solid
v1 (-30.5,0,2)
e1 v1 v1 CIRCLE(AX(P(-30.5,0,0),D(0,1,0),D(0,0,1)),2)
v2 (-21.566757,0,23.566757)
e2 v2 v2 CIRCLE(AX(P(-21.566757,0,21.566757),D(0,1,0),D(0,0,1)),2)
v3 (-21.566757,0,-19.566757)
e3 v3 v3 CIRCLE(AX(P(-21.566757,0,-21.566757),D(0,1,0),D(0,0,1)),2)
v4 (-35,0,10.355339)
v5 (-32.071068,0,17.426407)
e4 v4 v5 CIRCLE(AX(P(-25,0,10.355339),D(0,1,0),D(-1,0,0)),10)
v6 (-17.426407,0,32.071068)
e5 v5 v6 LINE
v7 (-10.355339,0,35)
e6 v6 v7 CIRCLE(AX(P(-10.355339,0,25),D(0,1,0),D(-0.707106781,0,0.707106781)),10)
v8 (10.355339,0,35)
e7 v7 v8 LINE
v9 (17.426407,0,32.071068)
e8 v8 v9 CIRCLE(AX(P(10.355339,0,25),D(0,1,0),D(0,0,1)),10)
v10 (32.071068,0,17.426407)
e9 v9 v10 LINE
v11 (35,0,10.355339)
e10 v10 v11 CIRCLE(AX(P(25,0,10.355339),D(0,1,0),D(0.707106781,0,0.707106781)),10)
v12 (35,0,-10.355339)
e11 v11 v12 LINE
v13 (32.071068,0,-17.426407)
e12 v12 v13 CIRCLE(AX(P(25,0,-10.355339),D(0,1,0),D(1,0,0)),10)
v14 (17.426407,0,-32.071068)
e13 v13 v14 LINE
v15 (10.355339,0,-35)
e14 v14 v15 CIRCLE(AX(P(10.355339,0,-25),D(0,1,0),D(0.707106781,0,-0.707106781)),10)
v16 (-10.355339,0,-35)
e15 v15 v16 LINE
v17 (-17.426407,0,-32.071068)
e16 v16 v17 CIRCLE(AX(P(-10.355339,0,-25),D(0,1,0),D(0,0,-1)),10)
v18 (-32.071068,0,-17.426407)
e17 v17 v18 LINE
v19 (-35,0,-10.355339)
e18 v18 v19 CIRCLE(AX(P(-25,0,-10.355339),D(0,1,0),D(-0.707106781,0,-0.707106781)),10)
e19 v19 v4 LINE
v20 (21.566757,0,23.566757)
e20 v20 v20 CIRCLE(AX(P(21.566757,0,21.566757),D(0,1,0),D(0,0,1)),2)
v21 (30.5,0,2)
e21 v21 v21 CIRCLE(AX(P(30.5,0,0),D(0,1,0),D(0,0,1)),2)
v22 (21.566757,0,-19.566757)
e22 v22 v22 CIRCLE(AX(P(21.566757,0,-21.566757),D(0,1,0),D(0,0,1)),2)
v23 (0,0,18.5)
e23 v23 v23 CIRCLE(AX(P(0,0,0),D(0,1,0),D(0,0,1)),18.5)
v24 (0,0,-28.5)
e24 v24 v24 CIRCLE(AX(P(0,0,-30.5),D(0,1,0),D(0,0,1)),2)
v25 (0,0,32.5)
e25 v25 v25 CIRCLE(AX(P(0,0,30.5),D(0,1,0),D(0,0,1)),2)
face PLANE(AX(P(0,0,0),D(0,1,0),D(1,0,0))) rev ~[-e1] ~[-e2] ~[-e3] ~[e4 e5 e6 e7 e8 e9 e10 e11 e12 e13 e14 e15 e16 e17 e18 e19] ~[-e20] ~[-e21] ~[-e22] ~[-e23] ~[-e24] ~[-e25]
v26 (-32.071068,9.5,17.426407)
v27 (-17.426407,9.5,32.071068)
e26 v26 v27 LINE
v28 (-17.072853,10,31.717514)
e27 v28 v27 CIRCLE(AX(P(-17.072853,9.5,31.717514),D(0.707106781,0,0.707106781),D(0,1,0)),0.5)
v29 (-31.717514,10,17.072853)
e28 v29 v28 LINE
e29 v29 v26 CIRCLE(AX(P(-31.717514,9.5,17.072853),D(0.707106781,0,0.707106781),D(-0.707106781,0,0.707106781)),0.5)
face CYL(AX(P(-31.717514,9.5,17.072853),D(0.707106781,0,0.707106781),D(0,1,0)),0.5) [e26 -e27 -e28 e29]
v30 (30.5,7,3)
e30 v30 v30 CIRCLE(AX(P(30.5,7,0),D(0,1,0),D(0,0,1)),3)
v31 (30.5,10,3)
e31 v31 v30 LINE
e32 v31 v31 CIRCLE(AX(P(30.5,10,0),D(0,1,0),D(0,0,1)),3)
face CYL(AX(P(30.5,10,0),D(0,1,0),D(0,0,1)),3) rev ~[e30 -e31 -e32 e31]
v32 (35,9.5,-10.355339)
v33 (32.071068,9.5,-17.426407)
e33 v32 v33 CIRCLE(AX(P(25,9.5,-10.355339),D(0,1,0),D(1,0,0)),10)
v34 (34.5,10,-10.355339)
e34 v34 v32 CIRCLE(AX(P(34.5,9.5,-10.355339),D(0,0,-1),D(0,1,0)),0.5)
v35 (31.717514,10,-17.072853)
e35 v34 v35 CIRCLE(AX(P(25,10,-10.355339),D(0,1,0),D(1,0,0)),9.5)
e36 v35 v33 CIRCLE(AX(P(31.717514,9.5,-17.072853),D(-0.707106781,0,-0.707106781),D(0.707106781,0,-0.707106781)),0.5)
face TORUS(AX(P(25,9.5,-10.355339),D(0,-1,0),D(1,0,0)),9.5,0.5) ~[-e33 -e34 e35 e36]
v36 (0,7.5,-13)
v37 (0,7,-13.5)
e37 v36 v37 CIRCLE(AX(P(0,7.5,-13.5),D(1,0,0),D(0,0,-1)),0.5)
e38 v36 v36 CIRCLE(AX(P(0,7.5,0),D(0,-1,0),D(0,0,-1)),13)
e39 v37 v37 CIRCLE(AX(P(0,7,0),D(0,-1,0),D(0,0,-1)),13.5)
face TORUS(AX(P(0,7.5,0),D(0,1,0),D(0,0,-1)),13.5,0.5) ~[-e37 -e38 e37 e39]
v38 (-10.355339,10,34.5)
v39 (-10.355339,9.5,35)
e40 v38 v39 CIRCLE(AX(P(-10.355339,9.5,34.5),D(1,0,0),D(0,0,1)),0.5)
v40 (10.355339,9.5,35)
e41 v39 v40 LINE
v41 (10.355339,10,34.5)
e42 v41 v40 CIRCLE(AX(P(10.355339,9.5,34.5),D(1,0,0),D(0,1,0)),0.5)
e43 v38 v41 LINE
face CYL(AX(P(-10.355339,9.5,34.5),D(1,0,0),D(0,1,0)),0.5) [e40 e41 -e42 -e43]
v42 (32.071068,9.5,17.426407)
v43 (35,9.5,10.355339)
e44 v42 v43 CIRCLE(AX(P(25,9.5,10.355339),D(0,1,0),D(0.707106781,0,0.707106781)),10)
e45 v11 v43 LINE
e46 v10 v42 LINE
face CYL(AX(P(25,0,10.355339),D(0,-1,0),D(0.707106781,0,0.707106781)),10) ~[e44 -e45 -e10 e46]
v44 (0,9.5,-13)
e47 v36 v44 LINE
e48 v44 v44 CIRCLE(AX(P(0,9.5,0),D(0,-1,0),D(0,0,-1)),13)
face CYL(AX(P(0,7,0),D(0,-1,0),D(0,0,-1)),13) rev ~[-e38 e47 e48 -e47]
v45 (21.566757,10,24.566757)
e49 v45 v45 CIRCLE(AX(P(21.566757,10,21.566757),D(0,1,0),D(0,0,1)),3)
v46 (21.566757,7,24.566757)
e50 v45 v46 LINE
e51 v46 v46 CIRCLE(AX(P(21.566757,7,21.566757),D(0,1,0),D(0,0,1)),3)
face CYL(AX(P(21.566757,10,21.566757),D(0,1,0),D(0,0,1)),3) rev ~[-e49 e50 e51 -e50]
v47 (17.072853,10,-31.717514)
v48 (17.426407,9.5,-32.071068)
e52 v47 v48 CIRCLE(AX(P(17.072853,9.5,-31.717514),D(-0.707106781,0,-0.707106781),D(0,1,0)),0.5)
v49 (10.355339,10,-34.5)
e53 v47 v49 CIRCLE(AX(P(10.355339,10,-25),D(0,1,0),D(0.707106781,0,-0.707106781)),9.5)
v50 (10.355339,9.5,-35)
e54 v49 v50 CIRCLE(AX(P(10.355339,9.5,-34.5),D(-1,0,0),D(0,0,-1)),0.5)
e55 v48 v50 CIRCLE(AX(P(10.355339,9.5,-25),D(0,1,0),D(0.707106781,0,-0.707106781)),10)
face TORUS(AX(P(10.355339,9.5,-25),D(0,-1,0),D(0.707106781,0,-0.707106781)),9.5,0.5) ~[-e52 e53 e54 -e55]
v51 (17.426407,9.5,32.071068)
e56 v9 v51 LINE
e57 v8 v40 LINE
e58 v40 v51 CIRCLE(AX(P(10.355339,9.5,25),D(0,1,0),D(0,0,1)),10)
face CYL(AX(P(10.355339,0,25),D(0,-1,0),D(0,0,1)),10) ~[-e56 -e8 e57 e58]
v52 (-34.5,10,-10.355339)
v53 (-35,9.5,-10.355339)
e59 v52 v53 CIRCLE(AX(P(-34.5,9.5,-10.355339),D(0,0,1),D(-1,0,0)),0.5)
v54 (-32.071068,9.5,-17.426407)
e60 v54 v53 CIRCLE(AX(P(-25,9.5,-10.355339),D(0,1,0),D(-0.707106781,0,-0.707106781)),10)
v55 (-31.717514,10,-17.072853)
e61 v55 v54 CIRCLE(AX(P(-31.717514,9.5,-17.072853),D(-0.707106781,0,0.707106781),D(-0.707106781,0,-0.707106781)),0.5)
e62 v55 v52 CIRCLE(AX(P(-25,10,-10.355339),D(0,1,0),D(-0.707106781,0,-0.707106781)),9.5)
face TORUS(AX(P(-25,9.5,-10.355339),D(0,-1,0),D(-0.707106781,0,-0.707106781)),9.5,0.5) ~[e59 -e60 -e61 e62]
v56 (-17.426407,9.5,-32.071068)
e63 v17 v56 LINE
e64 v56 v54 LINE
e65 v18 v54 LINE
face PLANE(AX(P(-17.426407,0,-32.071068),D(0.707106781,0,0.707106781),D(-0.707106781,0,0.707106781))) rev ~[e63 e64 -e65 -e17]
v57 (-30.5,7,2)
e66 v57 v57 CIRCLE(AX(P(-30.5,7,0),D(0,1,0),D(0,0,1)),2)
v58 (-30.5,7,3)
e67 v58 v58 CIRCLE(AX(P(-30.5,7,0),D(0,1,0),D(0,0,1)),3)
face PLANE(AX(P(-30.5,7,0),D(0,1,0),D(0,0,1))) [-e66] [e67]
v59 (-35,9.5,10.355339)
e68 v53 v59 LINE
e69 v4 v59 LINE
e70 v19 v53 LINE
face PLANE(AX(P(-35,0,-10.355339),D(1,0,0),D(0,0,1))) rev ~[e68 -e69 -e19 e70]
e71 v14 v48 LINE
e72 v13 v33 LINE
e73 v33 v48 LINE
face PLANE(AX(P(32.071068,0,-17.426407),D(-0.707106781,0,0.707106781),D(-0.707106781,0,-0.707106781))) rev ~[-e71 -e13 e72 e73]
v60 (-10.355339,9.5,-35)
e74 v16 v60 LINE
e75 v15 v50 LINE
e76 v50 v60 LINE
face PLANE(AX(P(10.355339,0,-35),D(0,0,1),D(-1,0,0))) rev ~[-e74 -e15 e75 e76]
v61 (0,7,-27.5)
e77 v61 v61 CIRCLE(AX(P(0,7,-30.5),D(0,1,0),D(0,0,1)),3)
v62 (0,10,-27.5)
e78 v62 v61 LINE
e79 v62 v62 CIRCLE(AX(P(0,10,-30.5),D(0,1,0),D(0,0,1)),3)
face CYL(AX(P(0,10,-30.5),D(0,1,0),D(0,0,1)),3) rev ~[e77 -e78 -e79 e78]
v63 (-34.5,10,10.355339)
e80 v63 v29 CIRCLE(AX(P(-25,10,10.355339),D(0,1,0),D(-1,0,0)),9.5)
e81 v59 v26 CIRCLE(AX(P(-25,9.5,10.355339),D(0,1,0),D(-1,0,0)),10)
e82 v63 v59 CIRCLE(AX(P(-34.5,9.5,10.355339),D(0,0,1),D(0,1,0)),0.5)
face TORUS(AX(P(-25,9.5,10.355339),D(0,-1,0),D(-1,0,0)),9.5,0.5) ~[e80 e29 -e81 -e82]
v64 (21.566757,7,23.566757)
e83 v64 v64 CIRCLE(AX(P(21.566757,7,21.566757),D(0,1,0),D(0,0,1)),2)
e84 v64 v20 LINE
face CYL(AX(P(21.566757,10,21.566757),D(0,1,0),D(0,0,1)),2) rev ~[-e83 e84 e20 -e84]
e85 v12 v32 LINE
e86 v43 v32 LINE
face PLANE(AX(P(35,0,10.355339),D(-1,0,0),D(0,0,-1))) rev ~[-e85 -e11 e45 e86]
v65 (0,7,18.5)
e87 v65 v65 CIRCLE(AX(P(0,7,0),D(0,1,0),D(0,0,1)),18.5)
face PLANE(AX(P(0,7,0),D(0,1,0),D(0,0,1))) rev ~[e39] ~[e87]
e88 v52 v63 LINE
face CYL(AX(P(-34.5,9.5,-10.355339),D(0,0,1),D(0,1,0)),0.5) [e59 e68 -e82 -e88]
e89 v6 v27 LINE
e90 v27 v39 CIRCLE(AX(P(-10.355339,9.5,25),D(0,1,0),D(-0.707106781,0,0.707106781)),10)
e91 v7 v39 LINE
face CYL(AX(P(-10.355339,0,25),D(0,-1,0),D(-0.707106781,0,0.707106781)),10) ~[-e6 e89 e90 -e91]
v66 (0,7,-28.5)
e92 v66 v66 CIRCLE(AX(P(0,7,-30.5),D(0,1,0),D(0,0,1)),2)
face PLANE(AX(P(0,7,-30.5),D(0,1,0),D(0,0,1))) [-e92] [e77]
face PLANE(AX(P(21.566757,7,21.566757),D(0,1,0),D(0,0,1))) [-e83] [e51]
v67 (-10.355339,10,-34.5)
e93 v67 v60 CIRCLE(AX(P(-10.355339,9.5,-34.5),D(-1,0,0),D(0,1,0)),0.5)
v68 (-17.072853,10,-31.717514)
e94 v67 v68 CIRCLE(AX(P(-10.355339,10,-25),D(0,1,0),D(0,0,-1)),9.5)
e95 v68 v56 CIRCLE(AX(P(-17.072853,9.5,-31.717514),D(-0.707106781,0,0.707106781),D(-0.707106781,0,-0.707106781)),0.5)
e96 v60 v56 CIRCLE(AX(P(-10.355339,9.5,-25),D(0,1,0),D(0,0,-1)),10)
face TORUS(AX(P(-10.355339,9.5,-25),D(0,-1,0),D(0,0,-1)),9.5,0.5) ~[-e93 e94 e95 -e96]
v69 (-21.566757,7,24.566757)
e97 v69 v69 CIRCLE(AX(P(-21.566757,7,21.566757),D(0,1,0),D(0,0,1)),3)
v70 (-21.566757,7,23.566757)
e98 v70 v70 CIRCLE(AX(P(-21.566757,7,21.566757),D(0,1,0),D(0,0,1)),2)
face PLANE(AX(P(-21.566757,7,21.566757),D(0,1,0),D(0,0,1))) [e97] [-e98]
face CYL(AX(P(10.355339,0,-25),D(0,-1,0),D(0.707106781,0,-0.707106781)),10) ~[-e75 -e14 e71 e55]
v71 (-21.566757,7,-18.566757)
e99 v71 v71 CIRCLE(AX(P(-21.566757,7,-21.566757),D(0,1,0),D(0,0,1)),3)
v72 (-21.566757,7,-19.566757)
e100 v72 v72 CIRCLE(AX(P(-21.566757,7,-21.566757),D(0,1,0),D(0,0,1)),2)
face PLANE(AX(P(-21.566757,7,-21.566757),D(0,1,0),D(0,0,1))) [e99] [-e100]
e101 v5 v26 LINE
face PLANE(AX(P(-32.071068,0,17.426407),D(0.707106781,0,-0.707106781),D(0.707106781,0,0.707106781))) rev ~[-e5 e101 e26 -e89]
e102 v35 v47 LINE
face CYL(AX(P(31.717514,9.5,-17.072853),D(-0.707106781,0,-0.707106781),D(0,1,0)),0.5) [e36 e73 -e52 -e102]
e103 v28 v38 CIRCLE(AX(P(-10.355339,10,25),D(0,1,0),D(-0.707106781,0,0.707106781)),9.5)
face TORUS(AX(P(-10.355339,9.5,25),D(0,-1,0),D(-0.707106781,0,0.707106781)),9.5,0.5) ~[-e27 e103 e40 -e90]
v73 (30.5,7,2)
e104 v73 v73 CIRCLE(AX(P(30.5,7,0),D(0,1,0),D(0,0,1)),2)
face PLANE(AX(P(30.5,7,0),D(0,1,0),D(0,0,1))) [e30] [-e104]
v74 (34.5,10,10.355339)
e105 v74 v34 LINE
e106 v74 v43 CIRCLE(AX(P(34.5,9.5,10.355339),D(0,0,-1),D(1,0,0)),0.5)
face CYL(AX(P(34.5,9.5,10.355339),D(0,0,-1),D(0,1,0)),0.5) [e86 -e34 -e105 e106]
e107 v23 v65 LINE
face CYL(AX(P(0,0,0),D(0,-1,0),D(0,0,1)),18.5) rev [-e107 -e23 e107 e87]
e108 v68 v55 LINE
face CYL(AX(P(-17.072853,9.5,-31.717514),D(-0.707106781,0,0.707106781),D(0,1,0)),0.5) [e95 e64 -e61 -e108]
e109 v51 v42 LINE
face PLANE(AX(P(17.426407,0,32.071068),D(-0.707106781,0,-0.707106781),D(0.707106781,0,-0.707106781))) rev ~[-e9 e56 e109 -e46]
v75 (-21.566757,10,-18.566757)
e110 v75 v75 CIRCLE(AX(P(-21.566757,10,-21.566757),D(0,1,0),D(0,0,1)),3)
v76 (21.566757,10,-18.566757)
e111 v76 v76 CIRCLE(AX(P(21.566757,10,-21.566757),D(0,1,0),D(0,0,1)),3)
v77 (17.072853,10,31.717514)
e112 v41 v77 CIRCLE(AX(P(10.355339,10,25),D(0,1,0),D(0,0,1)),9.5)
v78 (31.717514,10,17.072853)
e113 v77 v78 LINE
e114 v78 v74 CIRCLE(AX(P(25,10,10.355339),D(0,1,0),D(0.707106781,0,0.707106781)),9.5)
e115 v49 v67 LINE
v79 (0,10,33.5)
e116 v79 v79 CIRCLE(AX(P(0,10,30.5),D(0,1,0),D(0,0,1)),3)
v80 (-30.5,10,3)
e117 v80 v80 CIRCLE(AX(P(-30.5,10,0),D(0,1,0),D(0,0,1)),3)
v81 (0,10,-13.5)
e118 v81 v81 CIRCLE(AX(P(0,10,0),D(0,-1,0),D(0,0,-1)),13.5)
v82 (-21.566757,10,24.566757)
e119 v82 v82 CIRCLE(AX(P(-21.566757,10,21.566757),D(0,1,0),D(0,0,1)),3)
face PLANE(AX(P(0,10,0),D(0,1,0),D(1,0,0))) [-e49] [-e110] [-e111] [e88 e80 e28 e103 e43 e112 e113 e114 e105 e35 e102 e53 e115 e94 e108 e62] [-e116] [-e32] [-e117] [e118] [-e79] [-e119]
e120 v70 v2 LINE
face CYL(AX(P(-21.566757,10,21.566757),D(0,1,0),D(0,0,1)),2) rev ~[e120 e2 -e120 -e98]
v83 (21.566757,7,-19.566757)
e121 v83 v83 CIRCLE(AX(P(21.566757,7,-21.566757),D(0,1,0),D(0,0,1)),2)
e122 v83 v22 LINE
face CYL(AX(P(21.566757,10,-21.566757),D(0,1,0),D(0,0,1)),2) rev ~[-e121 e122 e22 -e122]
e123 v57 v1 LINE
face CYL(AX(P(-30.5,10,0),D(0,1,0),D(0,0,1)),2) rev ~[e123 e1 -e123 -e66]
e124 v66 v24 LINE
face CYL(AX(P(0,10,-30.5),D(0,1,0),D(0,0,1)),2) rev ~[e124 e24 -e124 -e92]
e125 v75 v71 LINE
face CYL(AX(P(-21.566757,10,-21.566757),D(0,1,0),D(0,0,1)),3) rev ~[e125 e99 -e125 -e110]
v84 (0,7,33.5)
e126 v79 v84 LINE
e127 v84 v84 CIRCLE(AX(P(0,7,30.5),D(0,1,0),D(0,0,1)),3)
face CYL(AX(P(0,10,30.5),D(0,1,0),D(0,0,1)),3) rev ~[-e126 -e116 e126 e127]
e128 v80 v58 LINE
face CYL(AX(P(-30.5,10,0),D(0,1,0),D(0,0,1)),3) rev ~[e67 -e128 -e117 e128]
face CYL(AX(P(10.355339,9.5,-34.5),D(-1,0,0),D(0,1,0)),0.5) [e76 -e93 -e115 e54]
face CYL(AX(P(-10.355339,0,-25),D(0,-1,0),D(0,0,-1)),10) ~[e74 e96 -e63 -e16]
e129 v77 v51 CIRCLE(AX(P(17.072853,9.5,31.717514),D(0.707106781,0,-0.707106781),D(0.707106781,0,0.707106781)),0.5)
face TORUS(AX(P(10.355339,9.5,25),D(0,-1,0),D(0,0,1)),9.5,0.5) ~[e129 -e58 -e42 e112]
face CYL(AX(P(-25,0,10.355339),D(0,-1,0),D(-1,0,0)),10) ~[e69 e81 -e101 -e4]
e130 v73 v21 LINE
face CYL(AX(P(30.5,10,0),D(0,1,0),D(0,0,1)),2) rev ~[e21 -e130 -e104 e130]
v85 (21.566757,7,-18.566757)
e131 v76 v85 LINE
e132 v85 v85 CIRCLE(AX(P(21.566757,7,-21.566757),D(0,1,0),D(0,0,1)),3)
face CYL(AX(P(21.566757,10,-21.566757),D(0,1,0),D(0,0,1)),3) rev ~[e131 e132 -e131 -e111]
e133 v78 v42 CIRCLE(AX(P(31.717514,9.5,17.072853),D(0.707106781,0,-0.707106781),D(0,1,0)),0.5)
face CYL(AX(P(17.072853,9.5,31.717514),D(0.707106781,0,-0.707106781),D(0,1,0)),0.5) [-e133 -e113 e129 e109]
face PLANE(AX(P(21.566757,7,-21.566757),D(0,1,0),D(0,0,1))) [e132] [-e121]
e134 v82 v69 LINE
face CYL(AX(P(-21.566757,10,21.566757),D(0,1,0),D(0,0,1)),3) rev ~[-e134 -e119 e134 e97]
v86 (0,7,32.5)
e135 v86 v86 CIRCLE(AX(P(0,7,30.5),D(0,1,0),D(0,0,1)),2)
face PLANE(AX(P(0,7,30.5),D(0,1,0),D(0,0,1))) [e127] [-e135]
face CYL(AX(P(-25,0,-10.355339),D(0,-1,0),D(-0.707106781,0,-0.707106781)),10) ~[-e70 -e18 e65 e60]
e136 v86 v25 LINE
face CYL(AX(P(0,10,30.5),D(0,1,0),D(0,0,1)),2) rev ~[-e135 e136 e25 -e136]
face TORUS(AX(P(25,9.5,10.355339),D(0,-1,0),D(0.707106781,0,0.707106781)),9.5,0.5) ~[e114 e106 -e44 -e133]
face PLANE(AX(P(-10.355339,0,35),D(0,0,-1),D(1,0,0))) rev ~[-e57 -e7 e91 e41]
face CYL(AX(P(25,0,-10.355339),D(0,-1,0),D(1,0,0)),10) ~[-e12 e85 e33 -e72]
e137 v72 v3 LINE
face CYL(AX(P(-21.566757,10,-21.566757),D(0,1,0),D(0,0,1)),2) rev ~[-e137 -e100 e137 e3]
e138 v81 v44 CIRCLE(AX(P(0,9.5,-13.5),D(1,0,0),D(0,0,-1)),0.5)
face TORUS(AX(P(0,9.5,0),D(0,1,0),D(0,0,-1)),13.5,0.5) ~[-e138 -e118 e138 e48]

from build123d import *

# Parameters (mm, degrees)
SKETCH1_R           = 32
BOSS_EXTRUDE1_DEPTH = 10
CUT_EXTRUDE1_START  = -10
SKETCH2_R           = 18.5
CUT_EXTRUDE1_DEPTH  = 7
SKETCH3_R           = 13
CUT_EXTRUDE2_DEPTH  = 46.793012567
FILLET2_R           = 0.5
SKETCH6_R           = 32
BOSS_EXTRUDE2_DEPTH = 10
SKETCH7_R           = 2
CUT_EXTRUDE5_DEPTH  = 51.497524692
FILLET3_R           = 0.5
SKETCH8_R           = 3
CUT_EXTRUDE6_DEPTH  = 3
SKETCH5_R           = 2
CUT_EXTRUDE7_DEPTH  = 51.49752483
SKETCH9_R           = 3
CUT_EXTRUDE8_DEPTH  = 3


with BuildPart() as part:
    # Sketch1 → Boss-Extrude1 (new body)
    with BuildSketch(Plane(origin=(0, 0, 0), x_dir=(1, 0, 0), z_dir=(0, 1, 0))):
        with Locations(Location((0, 0, 0), (0, 0, 270))):
            Circle(SKETCH1_R)
    extrude(amount=BOSS_EXTRUDE1_DEPTH)

    # Sketch2 → Cut-Extrude1 (cut)
    with BuildSketch(Plane(origin=(0, 10, 0), x_dir=(1, 0, 0), z_dir=(0, 1, 0)).offset(CUT_EXTRUDE1_START)):
        with Locations(Location((0, 0, 0), (0, 0, 270))):
            Circle(SKETCH2_R)
    extrude(amount=CUT_EXTRUDE1_DEPTH, mode=Mode.SUBTRACT)

    # Sketch3 → Cut-Extrude2 (cut, through all)
    with BuildSketch(Plane(origin=(0, 7, 0), x_dir=(-1, 0, 0), z_dir=(0, -1, 0))):
        with Locations(Location((0, 0, 0), (0, 0, 90))):
            Circle(SKETCH3_R)
    extrude(amount=-CUT_EXTRUDE2_DEPTH, mode=Mode.SUBTRACT)

    # Fillet2
    fillet2_edges = [part.edges().sort_by_distance(p)[0] for p in [
        (0, 10, 13),
        (0, 7, 13),
    ]]
    fillet(fillet2_edges, radius=FILLET2_R)

    # Sketch6 → Boss-Extrude2 (add)
    with BuildSketch(Plane(origin=(0, 0, 0), x_dir=(1, 0, 0), z_dir=(0, 1, 0))):
        with BuildLine():
            Line((10.355339059, 35), (-10.355339059, 35))
            ThreePointArc((-10.355339059, 35), (-14.182173383, 34.238795325), (-17.426406871, 32.071067812))
            Line((-17.426406871, 32.071067812), (-32.071067812, 17.426406871))
            ThreePointArc((-32.071067812, 17.426406871), (-34.238795325, 14.182173383), (-35, 10.355339059))
            Line((-35, 10.355339059), (-35, -10.355339059))
            ThreePointArc((-35, -10.355339059), (-34.238795325, -14.182173383), (-32.071067812, -17.426406871))
            Line((-32.071067812, -17.426406871), (-17.426406871, -32.071067812))
            ThreePointArc((-17.426406871, -32.071067812), (-14.182173383, -34.238795325), (-10.355339059, -35))
            Line((-10.355339059, -35), (10.355339059, -35))
            ThreePointArc((10.355339059, -35), (14.182173383, -34.238795325), (17.426406871, -32.071067812))
            Line((17.426406871, -32.071067812), (32.071067812, -17.426406871))
            ThreePointArc((32.071067812, -17.426406871), (34.238795325, -14.182173383), (35, -10.355339059))
            Line((35, -10.355339059), (35, 10.355339059))
            ThreePointArc((35, 10.355339059), (34.238795325, 14.182173383), (32.071067812, 17.426406871))
            Line((32.071067812, 17.426406871), (17.426406871, 32.071067812))
            ThreePointArc((17.426406871, 32.071067812), (14.182173383, 34.238795325), (10.355339059, 35))
        make_face()
        Circle(SKETCH6_R, mode=Mode.SUBTRACT)
    extrude(amount=BOSS_EXTRUDE2_DEPTH)

    # Sketch7 → Cut-Extrude5 (cut, through all)
    with BuildSketch(Plane(origin=(0, 10, 0), x_dir=(1, 0, 0), z_dir=(0, 1, 0))):
        with Locations(Location((-21.566756826, 21.566756826, 0), (0, 0, 270))):
            Circle(SKETCH7_R)
        with Locations(Location((21.566756826, 21.566756826, 0), (0, 0, 270))):
            Circle(SKETCH7_R)
        with Locations(Location((21.566756826, -21.566756826, 0), (0, 0, 270))):
            Circle(SKETCH7_R)
        with Locations(Location((-21.566756826, -21.566756826, 0), (0, 0, 270))):
            Circle(SKETCH7_R)
    extrude(amount=-CUT_EXTRUDE5_DEPTH, mode=Mode.SUBTRACT)

    # Fillet3
    fillet3_edges = [part.edges().sort_by_distance(p)[0] for p in [
        (-34.238795325, 10, -14.182173383),
        (-35, 10, 0),
        (-34.238795325, 10, 14.182173383),
        (-24.748737342, 10, 24.748737342),
        (-14.182173383, 10, 34.238795325),
        (0, 10, 35),
        (14.182173383, 10, 34.238795325),
        (24.748737342, 10, 24.748737342),
        (34.238795325, 10, 14.182173383),
        (35, 10, 0),
        (34.238795325, 10, -14.182173383),
        (24.748737342, 10, -24.748737342),
        (14.182173383, 10, -34.238795325),
        (0, 10, -35),
        (-14.182173383, 10, -34.238795325),
        (-24.748737342, 10, -24.748737342),
    ]]
    fillet(fillet3_edges, radius=FILLET3_R)

    # Sketch8 → Cut-Extrude6 (cut)
    with BuildSketch(Plane(origin=(0, 10, 0), x_dir=(1, 0, 0), z_dir=(0, 1, 0))):
        with Locations(Location((-21.566756826, 21.566756826, 0), (0, 0, 270))):
            Circle(SKETCH8_R)
        with Locations(Location((21.566756826, 21.566756826, 0), (0, 0, 270))):
            Circle(SKETCH8_R)
        with Locations(Location((21.566756826, -21.566756826, 0), (0, 0, 270))):
            Circle(SKETCH8_R)
        with Locations(Location((-21.566756826, -21.566756826, 0), (0, 0, 270))):
            Circle(SKETCH8_R)
    extrude(amount=-CUT_EXTRUDE6_DEPTH, mode=Mode.SUBTRACT)

    # Sketch5 → Cut-Extrude7 (cut, through all)
    with BuildSketch(Plane(origin=(0, 10, 0), x_dir=(1, 0, 0), z_dir=(0, 1, 0))):
        with Locations(Location((0, 30.5, 0), (0, 0, 270))):
            Circle(SKETCH5_R)
        with Locations(Location((30.5, 0, 0), (0, 0, 270))):
            Circle(SKETCH5_R)
        with Locations(Location((0, -30.5, 0), (0, 0, 270))):
            Circle(SKETCH5_R)
        with Locations(Location((-30.5, 0, 0), (0, 0, 270))):
            Circle(SKETCH5_R)
    extrude(amount=-CUT_EXTRUDE7_DEPTH, mode=Mode.SUBTRACT)

    # Sketch9 → Cut-Extrude8 (cut)
    with BuildSketch(Plane(origin=(0, 10, 0), x_dir=(1, 0, 0), z_dir=(0, 1, 0))):
        with Locations(Location((-30.5, 0, 0), (0, 0, 270))):
            Circle(SKETCH9_R)
        with Locations(Location((0, 30.5, 0), (0, 0, 270))):
            Circle(SKETCH9_R)
        with Locations(Location((30.5, 0, 0), (0, 0, 270))):
            Circle(SKETCH9_R)
        with Locations(Location((0, -30.5, 0), (0, 0, 270))):
            Circle(SKETCH9_R)
    extrude(amount=-CUT_EXTRUDE8_DEPTH, mode=Mode.SUBTRACT)


solid = part.part
